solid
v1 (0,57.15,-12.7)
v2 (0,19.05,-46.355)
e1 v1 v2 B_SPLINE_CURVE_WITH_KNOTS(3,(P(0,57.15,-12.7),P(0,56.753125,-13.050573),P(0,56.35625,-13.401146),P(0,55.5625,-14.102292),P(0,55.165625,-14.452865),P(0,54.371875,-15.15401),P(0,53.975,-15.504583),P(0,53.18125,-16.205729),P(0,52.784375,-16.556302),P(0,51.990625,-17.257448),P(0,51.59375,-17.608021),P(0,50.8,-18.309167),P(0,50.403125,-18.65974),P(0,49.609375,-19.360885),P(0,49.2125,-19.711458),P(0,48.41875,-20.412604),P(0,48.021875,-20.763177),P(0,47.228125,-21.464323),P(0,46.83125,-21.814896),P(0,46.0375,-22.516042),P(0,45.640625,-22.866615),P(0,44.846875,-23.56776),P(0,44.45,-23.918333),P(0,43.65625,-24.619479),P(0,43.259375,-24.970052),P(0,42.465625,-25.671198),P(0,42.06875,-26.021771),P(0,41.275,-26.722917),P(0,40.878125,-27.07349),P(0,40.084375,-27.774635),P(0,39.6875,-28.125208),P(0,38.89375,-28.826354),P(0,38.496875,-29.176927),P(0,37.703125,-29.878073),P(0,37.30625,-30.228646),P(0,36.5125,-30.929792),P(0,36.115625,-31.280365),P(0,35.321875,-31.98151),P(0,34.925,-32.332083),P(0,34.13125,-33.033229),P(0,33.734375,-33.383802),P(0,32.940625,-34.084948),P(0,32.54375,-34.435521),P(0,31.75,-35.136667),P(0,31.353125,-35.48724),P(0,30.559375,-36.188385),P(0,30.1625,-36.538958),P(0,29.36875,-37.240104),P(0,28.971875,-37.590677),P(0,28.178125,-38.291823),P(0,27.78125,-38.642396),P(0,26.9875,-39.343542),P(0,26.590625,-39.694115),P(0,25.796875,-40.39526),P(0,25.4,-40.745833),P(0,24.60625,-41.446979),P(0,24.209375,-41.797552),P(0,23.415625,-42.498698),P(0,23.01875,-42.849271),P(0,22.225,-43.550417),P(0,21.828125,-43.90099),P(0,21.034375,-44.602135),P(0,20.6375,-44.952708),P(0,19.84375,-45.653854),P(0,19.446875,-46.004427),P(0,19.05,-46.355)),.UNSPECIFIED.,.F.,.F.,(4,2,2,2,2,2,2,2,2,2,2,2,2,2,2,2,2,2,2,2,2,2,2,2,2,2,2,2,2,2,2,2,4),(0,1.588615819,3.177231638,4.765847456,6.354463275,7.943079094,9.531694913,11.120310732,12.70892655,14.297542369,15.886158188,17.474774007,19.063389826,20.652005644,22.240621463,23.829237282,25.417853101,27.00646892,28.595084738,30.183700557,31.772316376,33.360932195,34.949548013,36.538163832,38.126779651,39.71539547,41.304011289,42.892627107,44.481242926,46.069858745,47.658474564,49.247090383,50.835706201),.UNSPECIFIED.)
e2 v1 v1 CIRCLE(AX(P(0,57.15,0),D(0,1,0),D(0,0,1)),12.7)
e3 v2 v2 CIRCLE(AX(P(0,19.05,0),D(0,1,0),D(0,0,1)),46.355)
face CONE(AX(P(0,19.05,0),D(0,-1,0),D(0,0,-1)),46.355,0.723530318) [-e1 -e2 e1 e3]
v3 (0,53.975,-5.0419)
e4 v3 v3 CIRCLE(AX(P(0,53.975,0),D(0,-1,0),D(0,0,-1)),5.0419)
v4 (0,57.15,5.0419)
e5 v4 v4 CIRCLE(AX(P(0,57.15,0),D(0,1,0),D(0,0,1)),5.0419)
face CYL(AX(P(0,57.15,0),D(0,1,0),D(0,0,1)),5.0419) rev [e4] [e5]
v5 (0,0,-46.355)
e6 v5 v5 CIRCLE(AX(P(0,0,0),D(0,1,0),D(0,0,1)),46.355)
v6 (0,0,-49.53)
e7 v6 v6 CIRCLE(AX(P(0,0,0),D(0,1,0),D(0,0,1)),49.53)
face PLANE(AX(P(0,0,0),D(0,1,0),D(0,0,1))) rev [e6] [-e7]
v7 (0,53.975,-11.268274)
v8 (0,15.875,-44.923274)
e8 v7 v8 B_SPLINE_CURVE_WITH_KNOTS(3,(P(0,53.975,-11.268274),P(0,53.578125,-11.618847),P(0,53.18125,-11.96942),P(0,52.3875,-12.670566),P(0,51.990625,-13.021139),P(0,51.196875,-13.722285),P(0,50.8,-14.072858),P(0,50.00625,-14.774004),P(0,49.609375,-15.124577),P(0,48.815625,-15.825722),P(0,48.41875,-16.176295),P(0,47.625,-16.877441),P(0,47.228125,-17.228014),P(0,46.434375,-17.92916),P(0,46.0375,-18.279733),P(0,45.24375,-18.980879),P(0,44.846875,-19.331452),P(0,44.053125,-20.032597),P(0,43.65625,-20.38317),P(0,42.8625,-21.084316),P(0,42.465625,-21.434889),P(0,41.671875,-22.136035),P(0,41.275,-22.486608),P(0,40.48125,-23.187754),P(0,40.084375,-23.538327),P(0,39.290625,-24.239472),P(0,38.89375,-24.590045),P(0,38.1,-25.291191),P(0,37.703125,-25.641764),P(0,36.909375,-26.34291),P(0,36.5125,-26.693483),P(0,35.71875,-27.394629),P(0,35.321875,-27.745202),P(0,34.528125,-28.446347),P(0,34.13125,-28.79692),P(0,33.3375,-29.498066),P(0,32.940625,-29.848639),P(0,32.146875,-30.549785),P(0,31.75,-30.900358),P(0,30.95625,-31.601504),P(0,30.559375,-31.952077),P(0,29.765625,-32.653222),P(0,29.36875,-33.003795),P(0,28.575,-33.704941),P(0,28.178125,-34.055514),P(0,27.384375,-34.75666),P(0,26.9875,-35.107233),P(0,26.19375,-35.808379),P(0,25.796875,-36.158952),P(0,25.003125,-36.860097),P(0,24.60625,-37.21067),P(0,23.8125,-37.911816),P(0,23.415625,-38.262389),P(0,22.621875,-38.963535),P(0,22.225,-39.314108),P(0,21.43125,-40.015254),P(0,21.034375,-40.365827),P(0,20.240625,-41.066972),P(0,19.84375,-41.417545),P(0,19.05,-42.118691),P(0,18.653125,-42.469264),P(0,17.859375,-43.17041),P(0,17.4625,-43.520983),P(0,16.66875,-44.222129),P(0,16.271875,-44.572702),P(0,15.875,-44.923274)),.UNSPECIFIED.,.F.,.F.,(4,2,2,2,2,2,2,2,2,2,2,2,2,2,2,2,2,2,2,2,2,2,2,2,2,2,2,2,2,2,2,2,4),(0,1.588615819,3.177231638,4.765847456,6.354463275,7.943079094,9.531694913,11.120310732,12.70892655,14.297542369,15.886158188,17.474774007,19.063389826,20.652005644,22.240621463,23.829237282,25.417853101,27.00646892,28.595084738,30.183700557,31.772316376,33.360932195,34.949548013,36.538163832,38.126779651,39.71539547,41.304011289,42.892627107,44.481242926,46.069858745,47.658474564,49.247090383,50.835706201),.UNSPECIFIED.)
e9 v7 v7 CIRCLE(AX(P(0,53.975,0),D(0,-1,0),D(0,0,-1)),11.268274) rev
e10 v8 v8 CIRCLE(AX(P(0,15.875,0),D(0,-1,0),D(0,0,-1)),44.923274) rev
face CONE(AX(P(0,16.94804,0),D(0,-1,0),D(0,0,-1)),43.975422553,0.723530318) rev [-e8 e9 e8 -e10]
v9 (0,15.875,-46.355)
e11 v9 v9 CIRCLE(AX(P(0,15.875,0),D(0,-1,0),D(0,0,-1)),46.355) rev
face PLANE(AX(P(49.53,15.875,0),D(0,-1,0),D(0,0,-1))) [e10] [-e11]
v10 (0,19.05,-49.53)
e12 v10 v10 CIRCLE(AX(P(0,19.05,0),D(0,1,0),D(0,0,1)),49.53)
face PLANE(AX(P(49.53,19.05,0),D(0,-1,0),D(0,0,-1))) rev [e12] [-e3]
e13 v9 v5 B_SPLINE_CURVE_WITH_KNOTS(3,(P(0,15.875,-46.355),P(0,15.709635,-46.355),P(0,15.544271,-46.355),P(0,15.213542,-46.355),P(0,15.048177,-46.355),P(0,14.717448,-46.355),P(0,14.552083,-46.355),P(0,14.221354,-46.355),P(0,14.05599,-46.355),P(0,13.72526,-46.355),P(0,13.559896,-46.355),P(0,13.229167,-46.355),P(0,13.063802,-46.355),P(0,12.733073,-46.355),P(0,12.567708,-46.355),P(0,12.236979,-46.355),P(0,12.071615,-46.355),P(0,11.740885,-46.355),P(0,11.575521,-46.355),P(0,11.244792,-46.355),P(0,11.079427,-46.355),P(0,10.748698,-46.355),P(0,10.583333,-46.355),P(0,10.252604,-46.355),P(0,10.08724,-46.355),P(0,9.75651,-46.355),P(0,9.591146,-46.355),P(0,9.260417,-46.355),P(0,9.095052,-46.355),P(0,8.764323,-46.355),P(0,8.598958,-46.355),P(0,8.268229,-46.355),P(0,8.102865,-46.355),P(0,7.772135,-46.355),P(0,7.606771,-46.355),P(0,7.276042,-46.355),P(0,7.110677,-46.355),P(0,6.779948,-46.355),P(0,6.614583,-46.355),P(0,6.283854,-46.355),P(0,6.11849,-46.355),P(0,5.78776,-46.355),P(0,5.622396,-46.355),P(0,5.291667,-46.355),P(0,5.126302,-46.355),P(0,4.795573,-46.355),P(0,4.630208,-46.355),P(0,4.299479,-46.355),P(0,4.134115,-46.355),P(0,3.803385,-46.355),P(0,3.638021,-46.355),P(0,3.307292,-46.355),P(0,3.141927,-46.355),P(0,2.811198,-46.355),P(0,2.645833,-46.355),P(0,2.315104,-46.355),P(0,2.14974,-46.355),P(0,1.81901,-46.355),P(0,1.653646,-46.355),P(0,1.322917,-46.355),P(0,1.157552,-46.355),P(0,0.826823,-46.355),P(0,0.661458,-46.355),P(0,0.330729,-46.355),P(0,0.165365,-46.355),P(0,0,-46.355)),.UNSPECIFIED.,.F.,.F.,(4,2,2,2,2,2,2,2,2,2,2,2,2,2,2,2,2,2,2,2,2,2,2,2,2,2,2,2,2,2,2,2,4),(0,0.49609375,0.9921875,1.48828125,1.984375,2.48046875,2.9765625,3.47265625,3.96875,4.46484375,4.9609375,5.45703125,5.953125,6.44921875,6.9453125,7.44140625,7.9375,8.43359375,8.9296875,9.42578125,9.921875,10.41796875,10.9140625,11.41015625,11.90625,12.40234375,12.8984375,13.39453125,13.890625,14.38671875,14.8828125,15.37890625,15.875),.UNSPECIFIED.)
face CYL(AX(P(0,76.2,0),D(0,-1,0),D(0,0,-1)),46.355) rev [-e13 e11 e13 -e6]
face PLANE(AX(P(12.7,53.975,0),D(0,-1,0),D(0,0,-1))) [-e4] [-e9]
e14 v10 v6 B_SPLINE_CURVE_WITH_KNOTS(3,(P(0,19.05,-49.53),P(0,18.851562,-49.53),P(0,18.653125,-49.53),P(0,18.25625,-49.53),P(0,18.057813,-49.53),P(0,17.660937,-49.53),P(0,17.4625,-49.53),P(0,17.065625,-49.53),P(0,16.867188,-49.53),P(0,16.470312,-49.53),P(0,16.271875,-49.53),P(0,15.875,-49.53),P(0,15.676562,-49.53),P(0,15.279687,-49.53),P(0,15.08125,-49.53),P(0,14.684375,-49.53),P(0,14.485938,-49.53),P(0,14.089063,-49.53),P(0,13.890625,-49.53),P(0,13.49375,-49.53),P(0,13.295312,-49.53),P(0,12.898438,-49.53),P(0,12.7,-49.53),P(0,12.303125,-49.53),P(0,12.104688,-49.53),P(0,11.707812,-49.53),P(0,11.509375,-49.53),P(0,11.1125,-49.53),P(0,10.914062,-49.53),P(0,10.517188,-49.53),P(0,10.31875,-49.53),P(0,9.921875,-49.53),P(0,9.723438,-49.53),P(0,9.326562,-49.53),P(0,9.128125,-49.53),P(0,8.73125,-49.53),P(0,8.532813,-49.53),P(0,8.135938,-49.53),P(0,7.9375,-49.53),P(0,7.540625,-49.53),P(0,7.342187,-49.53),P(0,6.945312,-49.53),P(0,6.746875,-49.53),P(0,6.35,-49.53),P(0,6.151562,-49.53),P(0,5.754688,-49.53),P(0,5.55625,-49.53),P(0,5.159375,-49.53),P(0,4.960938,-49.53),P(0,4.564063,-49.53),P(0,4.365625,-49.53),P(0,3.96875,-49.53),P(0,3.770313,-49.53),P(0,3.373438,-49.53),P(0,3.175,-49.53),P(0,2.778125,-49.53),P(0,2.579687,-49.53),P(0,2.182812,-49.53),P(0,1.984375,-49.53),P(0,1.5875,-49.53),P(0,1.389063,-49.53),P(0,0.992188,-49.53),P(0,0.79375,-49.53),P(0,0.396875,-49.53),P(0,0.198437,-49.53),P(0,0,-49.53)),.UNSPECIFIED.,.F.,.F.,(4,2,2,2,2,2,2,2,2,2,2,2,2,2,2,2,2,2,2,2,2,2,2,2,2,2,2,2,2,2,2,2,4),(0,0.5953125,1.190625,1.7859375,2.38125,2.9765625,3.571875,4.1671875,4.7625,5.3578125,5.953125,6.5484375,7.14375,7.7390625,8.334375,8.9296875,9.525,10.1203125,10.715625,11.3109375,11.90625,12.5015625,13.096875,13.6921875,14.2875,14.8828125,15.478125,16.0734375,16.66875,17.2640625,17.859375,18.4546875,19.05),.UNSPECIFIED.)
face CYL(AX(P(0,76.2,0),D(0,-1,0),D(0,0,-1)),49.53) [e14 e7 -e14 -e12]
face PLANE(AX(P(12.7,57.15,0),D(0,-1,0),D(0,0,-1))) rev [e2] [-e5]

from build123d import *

# Parameters (mm, degrees)
SKETCH1_R                   = 49.53
BOSS_EXTRUDE1_DEPTH         = 76.2
SHELL1_T                    = -3.175
F_3_8_CLEARANCE_HOLE1_D     = 10.0838
F_3_8_CLEARANCE_HOLE1_DEPTH = 25.4
F_3_8_CLEARANCE_HOLE1_TIP   = 3.029479155


with BuildPart() as part:
    # Sketch1 → Boss-Extrude1 (new body)
    with BuildSketch(Plane(origin=(0, 0, 0), x_dir=(1, 0, 0), z_dir=(0, 1, 0))):
        with Locations(Location((0, 0, 0), (0, 0, 90))):
            Circle(SKETCH1_R)
    extrude(amount=BOSS_EXTRUDE1_DEPTH)

    # Sketch8 → Cut-Revolve1 (revolve, cut)
    with BuildSketch(Plane.XY, mode=Mode.PRIVATE) as cut_revolve1_sk:
        Polygon((49.53, 19.05), (46.355, 19.05), (12.7, 57.15), (0, 57.15), (0, 76.2), (49.53, 76.2), align=None)
    revolve(cut_revolve1_sk.sketch.rotate(Axis((0, 76.2, 0), (0, -1, 0)), 270), axis=Axis((0, 76.2, 0), (0, -1, 0)), mode=Mode.SUBTRACT)

    # Shell1
    shell1_openings = [part.faces().sort_by_distance(p)[0] for p in [
        (0, 0, 0),
    ]]
    offset(amount=SHELL1_T, openings=shell1_openings, kind=Kind.INTERSECTION)

    # 3/8 Clearance Hole1
    with Locations(Plane(origin=(0, 57.15, 0), x_dir=(1, 0, 0), z_dir=(0, 1, 0))):
        with Locations((0, 0)):
            Hole(F_3_8_CLEARANCE_HOLE1_D / 2, depth=F_3_8_CLEARANCE_HOLE1_DEPTH)
            with Locations((0, 0, -(F_3_8_CLEARANCE_HOLE1_DEPTH + F_3_8_CLEARANCE_HOLE1_TIP / 2))):  # 118° drill point
                Cone(0, F_3_8_CLEARANCE_HOLE1_D / 2, F_3_8_CLEARANCE_HOLE1_TIP, mode=Mode.SUBTRACT)


solid = part.part
